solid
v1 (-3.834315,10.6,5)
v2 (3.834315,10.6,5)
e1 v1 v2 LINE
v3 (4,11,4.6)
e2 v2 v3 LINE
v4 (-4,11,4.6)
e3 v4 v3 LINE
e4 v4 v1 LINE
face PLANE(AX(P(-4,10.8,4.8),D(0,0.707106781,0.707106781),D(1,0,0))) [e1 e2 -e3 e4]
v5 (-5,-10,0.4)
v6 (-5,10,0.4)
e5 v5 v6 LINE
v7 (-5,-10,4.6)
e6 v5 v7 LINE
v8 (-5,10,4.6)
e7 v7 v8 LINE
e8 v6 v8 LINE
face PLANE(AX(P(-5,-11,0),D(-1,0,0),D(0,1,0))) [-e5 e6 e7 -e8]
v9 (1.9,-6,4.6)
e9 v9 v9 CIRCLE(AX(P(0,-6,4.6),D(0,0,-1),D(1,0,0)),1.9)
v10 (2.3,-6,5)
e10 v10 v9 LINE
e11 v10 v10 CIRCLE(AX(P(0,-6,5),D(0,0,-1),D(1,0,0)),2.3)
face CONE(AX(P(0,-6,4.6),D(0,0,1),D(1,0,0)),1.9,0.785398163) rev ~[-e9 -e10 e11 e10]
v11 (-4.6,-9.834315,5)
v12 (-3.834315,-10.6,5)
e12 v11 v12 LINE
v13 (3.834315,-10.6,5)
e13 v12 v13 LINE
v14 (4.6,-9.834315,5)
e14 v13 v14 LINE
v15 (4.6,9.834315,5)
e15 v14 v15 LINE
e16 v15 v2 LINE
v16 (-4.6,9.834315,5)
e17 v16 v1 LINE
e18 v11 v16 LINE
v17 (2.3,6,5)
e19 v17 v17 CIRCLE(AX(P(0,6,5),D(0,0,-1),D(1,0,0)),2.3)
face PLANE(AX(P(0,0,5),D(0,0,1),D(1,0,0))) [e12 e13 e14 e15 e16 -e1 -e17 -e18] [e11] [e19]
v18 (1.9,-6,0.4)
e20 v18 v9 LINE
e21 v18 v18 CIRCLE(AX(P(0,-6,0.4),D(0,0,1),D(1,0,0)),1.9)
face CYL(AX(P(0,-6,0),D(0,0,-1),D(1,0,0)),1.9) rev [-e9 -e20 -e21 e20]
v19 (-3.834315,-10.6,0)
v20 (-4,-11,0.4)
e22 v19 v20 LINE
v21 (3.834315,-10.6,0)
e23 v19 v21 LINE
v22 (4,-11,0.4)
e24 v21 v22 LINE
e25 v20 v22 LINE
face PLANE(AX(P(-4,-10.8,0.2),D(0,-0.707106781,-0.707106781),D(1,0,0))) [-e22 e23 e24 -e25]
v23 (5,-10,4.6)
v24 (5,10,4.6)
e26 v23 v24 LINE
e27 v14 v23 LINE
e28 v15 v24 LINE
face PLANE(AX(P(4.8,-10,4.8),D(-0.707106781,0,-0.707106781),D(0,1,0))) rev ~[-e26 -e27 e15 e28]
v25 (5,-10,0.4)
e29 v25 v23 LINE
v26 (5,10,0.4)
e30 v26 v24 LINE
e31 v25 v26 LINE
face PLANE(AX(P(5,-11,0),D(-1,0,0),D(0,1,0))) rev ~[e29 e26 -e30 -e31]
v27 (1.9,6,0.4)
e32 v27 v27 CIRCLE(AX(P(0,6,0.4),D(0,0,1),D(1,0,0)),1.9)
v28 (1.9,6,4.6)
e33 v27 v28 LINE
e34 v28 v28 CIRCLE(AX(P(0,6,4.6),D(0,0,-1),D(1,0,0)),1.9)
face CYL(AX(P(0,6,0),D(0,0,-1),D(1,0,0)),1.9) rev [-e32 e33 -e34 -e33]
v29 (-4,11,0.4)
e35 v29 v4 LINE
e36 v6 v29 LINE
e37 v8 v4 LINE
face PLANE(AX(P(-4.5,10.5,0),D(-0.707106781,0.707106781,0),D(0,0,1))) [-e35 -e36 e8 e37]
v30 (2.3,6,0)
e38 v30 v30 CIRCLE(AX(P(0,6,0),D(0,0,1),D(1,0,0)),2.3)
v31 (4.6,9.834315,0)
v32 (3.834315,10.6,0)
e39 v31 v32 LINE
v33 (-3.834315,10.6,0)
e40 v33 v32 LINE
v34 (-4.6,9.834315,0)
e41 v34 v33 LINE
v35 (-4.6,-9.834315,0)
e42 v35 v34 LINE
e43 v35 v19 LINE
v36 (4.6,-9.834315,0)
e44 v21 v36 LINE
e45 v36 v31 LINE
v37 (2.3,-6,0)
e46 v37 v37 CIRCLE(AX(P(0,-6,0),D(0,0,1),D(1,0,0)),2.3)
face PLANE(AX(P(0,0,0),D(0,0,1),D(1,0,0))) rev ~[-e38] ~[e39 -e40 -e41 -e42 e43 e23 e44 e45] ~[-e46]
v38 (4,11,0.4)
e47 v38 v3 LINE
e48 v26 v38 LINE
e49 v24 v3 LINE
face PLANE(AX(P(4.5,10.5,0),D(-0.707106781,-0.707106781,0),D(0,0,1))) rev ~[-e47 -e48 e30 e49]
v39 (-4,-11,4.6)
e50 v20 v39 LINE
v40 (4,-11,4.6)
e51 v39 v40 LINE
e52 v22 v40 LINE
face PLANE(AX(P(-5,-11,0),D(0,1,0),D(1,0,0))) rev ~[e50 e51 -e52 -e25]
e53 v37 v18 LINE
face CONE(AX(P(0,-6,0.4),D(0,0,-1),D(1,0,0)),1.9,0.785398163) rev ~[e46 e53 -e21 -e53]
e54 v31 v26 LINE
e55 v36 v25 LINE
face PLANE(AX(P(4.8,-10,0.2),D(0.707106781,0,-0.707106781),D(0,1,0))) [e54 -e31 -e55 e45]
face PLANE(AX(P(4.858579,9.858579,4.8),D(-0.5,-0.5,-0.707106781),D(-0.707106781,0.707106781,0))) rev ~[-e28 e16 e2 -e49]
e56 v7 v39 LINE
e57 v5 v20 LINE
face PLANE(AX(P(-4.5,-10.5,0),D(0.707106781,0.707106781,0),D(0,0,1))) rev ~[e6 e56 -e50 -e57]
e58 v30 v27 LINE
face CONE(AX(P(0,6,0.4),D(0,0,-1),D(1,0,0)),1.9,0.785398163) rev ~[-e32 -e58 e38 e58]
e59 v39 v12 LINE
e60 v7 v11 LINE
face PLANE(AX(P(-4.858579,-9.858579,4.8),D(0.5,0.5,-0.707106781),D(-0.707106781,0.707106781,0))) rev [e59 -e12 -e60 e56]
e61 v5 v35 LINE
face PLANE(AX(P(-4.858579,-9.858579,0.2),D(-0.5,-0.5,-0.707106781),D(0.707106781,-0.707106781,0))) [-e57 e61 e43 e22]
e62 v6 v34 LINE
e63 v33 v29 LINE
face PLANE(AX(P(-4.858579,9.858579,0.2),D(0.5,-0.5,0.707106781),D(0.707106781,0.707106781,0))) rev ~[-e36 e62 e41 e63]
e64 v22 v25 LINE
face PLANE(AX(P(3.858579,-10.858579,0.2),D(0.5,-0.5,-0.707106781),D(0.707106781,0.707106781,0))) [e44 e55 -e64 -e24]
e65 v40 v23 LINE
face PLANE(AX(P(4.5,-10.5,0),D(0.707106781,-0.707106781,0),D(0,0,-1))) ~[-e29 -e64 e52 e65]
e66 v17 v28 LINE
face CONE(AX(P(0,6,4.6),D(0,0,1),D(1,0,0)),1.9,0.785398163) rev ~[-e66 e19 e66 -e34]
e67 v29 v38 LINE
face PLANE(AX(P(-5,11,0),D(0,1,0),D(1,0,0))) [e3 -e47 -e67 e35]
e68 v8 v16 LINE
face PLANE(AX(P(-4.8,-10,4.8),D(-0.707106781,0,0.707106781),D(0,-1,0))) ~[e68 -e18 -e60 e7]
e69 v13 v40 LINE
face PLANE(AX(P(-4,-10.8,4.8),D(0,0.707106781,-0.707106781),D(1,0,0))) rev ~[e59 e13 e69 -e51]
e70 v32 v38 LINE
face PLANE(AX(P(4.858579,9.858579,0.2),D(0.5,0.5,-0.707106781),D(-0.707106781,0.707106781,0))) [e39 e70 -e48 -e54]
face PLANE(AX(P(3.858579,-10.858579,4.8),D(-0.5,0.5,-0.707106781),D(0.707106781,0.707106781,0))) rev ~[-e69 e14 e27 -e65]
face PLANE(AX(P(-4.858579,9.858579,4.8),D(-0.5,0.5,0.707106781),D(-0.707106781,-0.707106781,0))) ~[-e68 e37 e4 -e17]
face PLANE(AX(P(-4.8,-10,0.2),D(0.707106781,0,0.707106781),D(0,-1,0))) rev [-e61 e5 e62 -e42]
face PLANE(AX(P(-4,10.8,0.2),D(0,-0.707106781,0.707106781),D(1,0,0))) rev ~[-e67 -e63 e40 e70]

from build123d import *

# Parameters (mm, degrees)
CYLINDER017_R     = 1.9
CYLINDER017_DEPTH = 10
CYLINDER016_R     = 1.9
CYLINDER016_DEPTH = 10
BOX001_W          = 10
BOX001_H          = 22
BOX001_DEPTH      = 5
CHAMFER002_SIZE   = 1
CHAMFER003_SIZE   = 0.4


with BuildPart() as cylinder017:
    # Cylinder017 → Cylinder017 (new body)
    with BuildSketch(Plane(origin=(0, -6, 0), x_dir=(1, 0, 0), z_dir=(0, 0, 1))):
        Circle(CYLINDER017_R)
    extrude(amount=CYLINDER017_DEPTH)


with BuildPart() as fusion005:
    # Cylinder016 → Cylinder016 (new body)
    with BuildSketch(Plane(origin=(0, 6, 0), x_dir=(1, 0, 0), z_dir=(0, 0, 1))):
        Circle(CYLINDER016_R)
    extrude(amount=CYLINDER016_DEPTH)

    # Fusion005: union Cylinder017
    add(cylinder017.part)


with BuildPart() as chamfer003001:
    # Box001 → Box001 (new body)
    with BuildSketch(Plane(origin=(-5, -11, 0), x_dir=(1, 0, 0), z_dir=(0, 0, 1))):
        with Locations((5, 11)):
            Rectangle(BOX001_W, BOX001_H)
    extrude(amount=BOX001_DEPTH)

    # Chamfer002
    chamfer002_edges = [chamfer003001.edges().sort_by_distance(p)[0] for p in [
        (-5, -11, 2.5),
        (-5, 11, 2.5),
        (5, -11, 2.5),
        (5, 11, 2.5),
    ]]
    chamfer(chamfer002_edges, length=CHAMFER002_SIZE)

    # Cut001004: cut Fusion005
    add(fusion005.part, mode=Mode.SUBTRACT)

    # Chamfer003
    chamfer003_edges = [chamfer003001.edges().sort_by_distance(p)[0] for p in [
        (-5, 0, 5),
        (-5, 0, 0),
        (-4.5, -10.5, 5),
        (-4.5, 10.5, 5),
        (0, -11, 5),
        (0, 11, 5),
        (4.5, -10.5, 5),
        (4.5, 10.5, 5),
        (5, 0, 5),
        (-1.9, -6, 5),
        (-1.9, 6, 5),
        (-4.5, -10.5, 0),
        (-4.5, 10.5, 0),
        (0, -11, 0),
        (0, 11, 0),
        (4.5, -10.5, 0),
        (4.5, 10.5, 0),
        (5, 0, 0),
        (-1.9, -6, 0),
        (-1.9, 6, 0),
    ]]
    chamfer(chamfer003_edges, length=CHAMFER003_SIZE)


solid = chamfer003001.part
